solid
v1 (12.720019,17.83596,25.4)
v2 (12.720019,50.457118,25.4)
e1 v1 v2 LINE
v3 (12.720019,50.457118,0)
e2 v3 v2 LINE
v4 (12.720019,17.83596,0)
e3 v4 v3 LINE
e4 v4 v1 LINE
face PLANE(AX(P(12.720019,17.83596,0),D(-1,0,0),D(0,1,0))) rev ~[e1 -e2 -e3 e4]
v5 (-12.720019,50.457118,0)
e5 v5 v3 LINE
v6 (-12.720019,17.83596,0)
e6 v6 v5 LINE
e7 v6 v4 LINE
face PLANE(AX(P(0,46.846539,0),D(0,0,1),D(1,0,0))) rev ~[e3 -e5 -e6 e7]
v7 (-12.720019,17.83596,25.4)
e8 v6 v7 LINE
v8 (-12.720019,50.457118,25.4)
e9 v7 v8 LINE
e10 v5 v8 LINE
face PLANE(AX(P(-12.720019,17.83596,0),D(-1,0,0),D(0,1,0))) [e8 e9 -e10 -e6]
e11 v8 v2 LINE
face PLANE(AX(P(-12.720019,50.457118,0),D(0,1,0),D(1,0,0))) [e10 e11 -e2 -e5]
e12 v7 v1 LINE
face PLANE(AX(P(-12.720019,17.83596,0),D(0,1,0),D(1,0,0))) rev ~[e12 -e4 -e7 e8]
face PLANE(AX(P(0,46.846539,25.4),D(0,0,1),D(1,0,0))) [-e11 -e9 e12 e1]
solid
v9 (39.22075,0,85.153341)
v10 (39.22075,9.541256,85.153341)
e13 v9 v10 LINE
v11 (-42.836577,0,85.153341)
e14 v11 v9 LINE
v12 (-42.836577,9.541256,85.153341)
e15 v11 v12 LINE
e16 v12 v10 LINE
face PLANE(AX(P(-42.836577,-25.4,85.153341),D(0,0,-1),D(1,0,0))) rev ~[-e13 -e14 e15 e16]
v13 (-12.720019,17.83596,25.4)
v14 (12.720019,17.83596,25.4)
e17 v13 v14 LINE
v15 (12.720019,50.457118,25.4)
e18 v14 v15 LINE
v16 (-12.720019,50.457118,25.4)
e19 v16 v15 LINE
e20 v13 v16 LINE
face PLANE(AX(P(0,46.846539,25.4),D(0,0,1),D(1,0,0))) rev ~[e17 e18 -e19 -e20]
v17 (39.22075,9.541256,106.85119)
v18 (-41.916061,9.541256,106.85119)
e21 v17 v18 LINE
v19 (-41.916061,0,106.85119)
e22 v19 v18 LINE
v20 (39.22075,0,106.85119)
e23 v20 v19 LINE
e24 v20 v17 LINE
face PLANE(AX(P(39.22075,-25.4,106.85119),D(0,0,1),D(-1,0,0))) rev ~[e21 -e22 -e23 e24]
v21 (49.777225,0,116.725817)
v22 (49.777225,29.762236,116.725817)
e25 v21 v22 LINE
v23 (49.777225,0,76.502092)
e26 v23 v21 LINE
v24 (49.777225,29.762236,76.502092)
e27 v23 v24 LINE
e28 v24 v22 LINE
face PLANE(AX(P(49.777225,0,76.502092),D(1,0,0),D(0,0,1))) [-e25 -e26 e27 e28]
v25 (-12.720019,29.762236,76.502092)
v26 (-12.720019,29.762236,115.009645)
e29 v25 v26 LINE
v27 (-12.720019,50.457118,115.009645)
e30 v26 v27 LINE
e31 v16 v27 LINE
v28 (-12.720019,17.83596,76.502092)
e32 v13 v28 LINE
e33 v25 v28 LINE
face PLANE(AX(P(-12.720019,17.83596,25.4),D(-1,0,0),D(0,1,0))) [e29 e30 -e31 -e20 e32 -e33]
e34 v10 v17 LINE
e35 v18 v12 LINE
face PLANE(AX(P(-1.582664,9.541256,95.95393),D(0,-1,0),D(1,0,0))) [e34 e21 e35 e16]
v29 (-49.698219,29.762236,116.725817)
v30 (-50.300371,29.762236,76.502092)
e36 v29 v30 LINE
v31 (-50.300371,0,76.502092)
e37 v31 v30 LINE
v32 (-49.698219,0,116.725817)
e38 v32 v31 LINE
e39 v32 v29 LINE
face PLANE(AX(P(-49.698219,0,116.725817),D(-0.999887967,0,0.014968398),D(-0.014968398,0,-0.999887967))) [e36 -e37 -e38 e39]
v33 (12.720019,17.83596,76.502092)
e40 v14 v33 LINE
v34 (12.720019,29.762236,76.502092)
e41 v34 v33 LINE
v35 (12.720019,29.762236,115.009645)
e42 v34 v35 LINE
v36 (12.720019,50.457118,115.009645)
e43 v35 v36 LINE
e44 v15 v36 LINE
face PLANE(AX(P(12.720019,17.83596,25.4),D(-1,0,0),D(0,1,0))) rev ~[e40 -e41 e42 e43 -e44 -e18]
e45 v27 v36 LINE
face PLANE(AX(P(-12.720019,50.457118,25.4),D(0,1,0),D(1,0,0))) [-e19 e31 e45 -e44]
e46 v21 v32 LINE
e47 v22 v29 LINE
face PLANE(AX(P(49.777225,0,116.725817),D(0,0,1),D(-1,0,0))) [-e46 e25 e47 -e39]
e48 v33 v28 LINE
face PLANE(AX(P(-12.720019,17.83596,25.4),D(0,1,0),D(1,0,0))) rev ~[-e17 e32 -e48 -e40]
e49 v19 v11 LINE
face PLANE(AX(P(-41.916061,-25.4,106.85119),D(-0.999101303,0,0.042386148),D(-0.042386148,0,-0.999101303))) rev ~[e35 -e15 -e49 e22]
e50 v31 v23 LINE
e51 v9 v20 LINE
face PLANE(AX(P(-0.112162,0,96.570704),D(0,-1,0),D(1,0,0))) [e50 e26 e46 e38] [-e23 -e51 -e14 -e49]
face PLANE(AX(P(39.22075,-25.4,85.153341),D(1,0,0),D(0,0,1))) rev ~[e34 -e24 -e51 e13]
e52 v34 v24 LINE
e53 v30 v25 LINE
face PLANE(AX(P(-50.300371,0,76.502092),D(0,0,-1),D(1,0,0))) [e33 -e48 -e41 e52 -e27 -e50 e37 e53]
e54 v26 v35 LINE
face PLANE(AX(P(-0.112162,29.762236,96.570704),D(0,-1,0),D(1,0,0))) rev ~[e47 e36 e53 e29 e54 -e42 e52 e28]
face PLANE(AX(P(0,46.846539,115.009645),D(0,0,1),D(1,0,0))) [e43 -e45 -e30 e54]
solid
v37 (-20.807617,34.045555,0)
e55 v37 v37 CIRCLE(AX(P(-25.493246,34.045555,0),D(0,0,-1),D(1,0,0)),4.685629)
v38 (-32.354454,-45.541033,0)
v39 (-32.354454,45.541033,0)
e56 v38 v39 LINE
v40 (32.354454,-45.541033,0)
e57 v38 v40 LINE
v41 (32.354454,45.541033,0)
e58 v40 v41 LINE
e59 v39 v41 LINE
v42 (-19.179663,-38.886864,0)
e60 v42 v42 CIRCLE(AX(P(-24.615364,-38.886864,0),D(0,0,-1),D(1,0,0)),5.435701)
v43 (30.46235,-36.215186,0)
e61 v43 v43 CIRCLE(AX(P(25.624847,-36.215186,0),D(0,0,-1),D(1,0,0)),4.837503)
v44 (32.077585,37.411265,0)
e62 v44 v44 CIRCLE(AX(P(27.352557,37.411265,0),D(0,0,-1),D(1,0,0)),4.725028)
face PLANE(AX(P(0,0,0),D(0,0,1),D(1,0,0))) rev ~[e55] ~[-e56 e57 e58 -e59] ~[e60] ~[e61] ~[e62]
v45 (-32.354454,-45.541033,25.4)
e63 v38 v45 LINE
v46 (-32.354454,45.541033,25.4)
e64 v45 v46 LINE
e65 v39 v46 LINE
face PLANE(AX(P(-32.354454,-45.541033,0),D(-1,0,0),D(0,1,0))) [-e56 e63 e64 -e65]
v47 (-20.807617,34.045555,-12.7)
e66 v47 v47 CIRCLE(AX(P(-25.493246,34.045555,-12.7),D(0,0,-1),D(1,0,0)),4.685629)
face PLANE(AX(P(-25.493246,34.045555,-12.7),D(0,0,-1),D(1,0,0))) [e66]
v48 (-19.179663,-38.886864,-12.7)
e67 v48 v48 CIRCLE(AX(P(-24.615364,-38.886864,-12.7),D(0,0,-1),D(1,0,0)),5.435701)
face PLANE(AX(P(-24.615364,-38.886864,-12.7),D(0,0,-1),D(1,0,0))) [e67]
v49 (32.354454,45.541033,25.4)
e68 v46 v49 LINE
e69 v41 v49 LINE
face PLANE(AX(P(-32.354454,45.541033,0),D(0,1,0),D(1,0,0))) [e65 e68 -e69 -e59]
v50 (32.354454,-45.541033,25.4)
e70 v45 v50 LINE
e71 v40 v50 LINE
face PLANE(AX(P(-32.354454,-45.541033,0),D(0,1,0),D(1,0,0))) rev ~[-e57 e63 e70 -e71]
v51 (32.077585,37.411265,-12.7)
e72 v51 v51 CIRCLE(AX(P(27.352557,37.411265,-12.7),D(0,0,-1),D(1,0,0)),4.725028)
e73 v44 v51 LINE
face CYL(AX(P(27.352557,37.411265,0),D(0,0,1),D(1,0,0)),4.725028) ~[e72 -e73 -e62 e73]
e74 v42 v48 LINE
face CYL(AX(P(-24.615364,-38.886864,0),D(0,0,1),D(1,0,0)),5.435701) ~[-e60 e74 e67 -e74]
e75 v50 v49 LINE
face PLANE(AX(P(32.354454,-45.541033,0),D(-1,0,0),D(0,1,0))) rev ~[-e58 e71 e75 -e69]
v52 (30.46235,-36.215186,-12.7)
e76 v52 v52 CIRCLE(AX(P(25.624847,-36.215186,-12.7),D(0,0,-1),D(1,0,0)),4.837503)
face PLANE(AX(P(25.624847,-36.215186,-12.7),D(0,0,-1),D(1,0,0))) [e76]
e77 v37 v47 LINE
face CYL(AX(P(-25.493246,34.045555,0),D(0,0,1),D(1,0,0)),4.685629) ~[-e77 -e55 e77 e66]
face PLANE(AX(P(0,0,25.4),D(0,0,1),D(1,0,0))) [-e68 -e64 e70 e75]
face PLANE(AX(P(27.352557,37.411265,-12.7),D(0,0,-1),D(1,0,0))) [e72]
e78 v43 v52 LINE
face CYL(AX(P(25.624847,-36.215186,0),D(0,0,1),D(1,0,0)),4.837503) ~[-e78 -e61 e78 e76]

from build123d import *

# Parameters (mm, degrees)
F0_W      = 64.7089081536
F0_H      = 91.0820662975
F2_DEPTH  = 25.4
F1_W      = 25.4400372505
F1_H      = 58.02115798
F3_DEPTH  = 89.6096453071
F5_R      = 4.7250280685
F5_R_2    = 4.8375032474
F5_R_3    = 4.6856287228
F5_R_4    = 5.4357008366
F6_DEPTH  = 12.7
F8_DEPTH  = 29.7622364014
F9_DEPTH  = 25.4
F10_DEPTH = 25.4
F12_DEPTH = 25.4
F13_DEPTH = 34.9412560463


with BuildPart() as f2:
    # F0 (on Top) → F2 (new body)
    with BuildSketch(Plane.XY):
        Rectangle(F0_W, F0_H)
    extrude(amount=F2_DEPTH)

    # F5 (on face) → F6 (join)
    with BuildSketch(Plane(origin=(0, 0, 0), x_dir=(1, 0, 0), z_dir=(0, 0, -1))):
        with Locations((27.3525565863, -37.4112650752)):
            Circle(F5_R)
        with Locations((25.6248470396, 36.2151861191)):
            Circle(F5_R_2)
        with Locations((-25.4932455719, -34.0455546975)):
            Circle(F5_R_3)
        with Locations((-24.6153641492, 38.8868637383)):
            Circle(F5_R_4)
    extrude(amount=F6_DEPTH)


with BuildPart() as f2b:
    # F1 (on Top) → F2, piece 2 (new body)
    with BuildSketch(Plane.XY):
        with Locations((0, 46.8465387821)):
            Rectangle(F1_W, F1_H)
    extrude(amount=F2_DEPTH)


with BuildPart() as f3:
    # F3 (new): a face of the model
    f3_faces = [f2b.part.faces().sort_by_distance(p)[0] for p in [
        (0, 46.8465387821, 25.4),
    ]]
    extrude(f3_faces, amount=F3_DEPTH)

    # F7 (on Front) → F8 (join)
    with BuildSketch(Plane.XZ):
        Polygon((49.7772246599, 116.7258173227), (-49.6982187033, 116.7258173227), (-50.3003709018, 76.5020921826), (49.7772246599, 76.5020921826), align=None)
    extrude(amount=-F8_DEPTH)

    # F9 (cut): a face of the model
    f9_faces = [f3.faces().sort_by_distance(p)[0] for p in [
        (0, 75.8571177721, 70.2048226535),
    ]]
    extrude(f9_faces, amount=-F9_DEPTH, mode=Mode.SUBTRACT)

    # F11 (on face) → F12 (join)
    with BuildSketch(Plane.XZ):
        Polygon((39.2207503319, 106.8511903286), (-41.9160611928, 106.8511903286), (-42.8365767002, 85.1533412933), (39.2207503319, 85.1533412933), align=None)
    extrude(amount=F12_DEPTH)

    # F13 (cut): a face of the model
    f13_faces = [f3.faces().sort_by_distance(p)[0] for p in [
        (-1.5782169969, -25.4, 95.9818676044),
    ]]
    extrude(f13_faces, amount=-F13_DEPTH, mode=Mode.SUBTRACT)


with BuildPart() as f2b_1:
    add(f2b.part)

    # F10 (cut): a face of the model
    f10_faces = [f2b_1.faces().sort_by_distance(p)[0] for p in [
        (0, 75.8571177721, 12.7),
    ]]
    extrude(f10_faces, amount=-F10_DEPTH, mode=Mode.SUBTRACT)


solid = Compound([f2.part, f3.part, f2b_1.part])
